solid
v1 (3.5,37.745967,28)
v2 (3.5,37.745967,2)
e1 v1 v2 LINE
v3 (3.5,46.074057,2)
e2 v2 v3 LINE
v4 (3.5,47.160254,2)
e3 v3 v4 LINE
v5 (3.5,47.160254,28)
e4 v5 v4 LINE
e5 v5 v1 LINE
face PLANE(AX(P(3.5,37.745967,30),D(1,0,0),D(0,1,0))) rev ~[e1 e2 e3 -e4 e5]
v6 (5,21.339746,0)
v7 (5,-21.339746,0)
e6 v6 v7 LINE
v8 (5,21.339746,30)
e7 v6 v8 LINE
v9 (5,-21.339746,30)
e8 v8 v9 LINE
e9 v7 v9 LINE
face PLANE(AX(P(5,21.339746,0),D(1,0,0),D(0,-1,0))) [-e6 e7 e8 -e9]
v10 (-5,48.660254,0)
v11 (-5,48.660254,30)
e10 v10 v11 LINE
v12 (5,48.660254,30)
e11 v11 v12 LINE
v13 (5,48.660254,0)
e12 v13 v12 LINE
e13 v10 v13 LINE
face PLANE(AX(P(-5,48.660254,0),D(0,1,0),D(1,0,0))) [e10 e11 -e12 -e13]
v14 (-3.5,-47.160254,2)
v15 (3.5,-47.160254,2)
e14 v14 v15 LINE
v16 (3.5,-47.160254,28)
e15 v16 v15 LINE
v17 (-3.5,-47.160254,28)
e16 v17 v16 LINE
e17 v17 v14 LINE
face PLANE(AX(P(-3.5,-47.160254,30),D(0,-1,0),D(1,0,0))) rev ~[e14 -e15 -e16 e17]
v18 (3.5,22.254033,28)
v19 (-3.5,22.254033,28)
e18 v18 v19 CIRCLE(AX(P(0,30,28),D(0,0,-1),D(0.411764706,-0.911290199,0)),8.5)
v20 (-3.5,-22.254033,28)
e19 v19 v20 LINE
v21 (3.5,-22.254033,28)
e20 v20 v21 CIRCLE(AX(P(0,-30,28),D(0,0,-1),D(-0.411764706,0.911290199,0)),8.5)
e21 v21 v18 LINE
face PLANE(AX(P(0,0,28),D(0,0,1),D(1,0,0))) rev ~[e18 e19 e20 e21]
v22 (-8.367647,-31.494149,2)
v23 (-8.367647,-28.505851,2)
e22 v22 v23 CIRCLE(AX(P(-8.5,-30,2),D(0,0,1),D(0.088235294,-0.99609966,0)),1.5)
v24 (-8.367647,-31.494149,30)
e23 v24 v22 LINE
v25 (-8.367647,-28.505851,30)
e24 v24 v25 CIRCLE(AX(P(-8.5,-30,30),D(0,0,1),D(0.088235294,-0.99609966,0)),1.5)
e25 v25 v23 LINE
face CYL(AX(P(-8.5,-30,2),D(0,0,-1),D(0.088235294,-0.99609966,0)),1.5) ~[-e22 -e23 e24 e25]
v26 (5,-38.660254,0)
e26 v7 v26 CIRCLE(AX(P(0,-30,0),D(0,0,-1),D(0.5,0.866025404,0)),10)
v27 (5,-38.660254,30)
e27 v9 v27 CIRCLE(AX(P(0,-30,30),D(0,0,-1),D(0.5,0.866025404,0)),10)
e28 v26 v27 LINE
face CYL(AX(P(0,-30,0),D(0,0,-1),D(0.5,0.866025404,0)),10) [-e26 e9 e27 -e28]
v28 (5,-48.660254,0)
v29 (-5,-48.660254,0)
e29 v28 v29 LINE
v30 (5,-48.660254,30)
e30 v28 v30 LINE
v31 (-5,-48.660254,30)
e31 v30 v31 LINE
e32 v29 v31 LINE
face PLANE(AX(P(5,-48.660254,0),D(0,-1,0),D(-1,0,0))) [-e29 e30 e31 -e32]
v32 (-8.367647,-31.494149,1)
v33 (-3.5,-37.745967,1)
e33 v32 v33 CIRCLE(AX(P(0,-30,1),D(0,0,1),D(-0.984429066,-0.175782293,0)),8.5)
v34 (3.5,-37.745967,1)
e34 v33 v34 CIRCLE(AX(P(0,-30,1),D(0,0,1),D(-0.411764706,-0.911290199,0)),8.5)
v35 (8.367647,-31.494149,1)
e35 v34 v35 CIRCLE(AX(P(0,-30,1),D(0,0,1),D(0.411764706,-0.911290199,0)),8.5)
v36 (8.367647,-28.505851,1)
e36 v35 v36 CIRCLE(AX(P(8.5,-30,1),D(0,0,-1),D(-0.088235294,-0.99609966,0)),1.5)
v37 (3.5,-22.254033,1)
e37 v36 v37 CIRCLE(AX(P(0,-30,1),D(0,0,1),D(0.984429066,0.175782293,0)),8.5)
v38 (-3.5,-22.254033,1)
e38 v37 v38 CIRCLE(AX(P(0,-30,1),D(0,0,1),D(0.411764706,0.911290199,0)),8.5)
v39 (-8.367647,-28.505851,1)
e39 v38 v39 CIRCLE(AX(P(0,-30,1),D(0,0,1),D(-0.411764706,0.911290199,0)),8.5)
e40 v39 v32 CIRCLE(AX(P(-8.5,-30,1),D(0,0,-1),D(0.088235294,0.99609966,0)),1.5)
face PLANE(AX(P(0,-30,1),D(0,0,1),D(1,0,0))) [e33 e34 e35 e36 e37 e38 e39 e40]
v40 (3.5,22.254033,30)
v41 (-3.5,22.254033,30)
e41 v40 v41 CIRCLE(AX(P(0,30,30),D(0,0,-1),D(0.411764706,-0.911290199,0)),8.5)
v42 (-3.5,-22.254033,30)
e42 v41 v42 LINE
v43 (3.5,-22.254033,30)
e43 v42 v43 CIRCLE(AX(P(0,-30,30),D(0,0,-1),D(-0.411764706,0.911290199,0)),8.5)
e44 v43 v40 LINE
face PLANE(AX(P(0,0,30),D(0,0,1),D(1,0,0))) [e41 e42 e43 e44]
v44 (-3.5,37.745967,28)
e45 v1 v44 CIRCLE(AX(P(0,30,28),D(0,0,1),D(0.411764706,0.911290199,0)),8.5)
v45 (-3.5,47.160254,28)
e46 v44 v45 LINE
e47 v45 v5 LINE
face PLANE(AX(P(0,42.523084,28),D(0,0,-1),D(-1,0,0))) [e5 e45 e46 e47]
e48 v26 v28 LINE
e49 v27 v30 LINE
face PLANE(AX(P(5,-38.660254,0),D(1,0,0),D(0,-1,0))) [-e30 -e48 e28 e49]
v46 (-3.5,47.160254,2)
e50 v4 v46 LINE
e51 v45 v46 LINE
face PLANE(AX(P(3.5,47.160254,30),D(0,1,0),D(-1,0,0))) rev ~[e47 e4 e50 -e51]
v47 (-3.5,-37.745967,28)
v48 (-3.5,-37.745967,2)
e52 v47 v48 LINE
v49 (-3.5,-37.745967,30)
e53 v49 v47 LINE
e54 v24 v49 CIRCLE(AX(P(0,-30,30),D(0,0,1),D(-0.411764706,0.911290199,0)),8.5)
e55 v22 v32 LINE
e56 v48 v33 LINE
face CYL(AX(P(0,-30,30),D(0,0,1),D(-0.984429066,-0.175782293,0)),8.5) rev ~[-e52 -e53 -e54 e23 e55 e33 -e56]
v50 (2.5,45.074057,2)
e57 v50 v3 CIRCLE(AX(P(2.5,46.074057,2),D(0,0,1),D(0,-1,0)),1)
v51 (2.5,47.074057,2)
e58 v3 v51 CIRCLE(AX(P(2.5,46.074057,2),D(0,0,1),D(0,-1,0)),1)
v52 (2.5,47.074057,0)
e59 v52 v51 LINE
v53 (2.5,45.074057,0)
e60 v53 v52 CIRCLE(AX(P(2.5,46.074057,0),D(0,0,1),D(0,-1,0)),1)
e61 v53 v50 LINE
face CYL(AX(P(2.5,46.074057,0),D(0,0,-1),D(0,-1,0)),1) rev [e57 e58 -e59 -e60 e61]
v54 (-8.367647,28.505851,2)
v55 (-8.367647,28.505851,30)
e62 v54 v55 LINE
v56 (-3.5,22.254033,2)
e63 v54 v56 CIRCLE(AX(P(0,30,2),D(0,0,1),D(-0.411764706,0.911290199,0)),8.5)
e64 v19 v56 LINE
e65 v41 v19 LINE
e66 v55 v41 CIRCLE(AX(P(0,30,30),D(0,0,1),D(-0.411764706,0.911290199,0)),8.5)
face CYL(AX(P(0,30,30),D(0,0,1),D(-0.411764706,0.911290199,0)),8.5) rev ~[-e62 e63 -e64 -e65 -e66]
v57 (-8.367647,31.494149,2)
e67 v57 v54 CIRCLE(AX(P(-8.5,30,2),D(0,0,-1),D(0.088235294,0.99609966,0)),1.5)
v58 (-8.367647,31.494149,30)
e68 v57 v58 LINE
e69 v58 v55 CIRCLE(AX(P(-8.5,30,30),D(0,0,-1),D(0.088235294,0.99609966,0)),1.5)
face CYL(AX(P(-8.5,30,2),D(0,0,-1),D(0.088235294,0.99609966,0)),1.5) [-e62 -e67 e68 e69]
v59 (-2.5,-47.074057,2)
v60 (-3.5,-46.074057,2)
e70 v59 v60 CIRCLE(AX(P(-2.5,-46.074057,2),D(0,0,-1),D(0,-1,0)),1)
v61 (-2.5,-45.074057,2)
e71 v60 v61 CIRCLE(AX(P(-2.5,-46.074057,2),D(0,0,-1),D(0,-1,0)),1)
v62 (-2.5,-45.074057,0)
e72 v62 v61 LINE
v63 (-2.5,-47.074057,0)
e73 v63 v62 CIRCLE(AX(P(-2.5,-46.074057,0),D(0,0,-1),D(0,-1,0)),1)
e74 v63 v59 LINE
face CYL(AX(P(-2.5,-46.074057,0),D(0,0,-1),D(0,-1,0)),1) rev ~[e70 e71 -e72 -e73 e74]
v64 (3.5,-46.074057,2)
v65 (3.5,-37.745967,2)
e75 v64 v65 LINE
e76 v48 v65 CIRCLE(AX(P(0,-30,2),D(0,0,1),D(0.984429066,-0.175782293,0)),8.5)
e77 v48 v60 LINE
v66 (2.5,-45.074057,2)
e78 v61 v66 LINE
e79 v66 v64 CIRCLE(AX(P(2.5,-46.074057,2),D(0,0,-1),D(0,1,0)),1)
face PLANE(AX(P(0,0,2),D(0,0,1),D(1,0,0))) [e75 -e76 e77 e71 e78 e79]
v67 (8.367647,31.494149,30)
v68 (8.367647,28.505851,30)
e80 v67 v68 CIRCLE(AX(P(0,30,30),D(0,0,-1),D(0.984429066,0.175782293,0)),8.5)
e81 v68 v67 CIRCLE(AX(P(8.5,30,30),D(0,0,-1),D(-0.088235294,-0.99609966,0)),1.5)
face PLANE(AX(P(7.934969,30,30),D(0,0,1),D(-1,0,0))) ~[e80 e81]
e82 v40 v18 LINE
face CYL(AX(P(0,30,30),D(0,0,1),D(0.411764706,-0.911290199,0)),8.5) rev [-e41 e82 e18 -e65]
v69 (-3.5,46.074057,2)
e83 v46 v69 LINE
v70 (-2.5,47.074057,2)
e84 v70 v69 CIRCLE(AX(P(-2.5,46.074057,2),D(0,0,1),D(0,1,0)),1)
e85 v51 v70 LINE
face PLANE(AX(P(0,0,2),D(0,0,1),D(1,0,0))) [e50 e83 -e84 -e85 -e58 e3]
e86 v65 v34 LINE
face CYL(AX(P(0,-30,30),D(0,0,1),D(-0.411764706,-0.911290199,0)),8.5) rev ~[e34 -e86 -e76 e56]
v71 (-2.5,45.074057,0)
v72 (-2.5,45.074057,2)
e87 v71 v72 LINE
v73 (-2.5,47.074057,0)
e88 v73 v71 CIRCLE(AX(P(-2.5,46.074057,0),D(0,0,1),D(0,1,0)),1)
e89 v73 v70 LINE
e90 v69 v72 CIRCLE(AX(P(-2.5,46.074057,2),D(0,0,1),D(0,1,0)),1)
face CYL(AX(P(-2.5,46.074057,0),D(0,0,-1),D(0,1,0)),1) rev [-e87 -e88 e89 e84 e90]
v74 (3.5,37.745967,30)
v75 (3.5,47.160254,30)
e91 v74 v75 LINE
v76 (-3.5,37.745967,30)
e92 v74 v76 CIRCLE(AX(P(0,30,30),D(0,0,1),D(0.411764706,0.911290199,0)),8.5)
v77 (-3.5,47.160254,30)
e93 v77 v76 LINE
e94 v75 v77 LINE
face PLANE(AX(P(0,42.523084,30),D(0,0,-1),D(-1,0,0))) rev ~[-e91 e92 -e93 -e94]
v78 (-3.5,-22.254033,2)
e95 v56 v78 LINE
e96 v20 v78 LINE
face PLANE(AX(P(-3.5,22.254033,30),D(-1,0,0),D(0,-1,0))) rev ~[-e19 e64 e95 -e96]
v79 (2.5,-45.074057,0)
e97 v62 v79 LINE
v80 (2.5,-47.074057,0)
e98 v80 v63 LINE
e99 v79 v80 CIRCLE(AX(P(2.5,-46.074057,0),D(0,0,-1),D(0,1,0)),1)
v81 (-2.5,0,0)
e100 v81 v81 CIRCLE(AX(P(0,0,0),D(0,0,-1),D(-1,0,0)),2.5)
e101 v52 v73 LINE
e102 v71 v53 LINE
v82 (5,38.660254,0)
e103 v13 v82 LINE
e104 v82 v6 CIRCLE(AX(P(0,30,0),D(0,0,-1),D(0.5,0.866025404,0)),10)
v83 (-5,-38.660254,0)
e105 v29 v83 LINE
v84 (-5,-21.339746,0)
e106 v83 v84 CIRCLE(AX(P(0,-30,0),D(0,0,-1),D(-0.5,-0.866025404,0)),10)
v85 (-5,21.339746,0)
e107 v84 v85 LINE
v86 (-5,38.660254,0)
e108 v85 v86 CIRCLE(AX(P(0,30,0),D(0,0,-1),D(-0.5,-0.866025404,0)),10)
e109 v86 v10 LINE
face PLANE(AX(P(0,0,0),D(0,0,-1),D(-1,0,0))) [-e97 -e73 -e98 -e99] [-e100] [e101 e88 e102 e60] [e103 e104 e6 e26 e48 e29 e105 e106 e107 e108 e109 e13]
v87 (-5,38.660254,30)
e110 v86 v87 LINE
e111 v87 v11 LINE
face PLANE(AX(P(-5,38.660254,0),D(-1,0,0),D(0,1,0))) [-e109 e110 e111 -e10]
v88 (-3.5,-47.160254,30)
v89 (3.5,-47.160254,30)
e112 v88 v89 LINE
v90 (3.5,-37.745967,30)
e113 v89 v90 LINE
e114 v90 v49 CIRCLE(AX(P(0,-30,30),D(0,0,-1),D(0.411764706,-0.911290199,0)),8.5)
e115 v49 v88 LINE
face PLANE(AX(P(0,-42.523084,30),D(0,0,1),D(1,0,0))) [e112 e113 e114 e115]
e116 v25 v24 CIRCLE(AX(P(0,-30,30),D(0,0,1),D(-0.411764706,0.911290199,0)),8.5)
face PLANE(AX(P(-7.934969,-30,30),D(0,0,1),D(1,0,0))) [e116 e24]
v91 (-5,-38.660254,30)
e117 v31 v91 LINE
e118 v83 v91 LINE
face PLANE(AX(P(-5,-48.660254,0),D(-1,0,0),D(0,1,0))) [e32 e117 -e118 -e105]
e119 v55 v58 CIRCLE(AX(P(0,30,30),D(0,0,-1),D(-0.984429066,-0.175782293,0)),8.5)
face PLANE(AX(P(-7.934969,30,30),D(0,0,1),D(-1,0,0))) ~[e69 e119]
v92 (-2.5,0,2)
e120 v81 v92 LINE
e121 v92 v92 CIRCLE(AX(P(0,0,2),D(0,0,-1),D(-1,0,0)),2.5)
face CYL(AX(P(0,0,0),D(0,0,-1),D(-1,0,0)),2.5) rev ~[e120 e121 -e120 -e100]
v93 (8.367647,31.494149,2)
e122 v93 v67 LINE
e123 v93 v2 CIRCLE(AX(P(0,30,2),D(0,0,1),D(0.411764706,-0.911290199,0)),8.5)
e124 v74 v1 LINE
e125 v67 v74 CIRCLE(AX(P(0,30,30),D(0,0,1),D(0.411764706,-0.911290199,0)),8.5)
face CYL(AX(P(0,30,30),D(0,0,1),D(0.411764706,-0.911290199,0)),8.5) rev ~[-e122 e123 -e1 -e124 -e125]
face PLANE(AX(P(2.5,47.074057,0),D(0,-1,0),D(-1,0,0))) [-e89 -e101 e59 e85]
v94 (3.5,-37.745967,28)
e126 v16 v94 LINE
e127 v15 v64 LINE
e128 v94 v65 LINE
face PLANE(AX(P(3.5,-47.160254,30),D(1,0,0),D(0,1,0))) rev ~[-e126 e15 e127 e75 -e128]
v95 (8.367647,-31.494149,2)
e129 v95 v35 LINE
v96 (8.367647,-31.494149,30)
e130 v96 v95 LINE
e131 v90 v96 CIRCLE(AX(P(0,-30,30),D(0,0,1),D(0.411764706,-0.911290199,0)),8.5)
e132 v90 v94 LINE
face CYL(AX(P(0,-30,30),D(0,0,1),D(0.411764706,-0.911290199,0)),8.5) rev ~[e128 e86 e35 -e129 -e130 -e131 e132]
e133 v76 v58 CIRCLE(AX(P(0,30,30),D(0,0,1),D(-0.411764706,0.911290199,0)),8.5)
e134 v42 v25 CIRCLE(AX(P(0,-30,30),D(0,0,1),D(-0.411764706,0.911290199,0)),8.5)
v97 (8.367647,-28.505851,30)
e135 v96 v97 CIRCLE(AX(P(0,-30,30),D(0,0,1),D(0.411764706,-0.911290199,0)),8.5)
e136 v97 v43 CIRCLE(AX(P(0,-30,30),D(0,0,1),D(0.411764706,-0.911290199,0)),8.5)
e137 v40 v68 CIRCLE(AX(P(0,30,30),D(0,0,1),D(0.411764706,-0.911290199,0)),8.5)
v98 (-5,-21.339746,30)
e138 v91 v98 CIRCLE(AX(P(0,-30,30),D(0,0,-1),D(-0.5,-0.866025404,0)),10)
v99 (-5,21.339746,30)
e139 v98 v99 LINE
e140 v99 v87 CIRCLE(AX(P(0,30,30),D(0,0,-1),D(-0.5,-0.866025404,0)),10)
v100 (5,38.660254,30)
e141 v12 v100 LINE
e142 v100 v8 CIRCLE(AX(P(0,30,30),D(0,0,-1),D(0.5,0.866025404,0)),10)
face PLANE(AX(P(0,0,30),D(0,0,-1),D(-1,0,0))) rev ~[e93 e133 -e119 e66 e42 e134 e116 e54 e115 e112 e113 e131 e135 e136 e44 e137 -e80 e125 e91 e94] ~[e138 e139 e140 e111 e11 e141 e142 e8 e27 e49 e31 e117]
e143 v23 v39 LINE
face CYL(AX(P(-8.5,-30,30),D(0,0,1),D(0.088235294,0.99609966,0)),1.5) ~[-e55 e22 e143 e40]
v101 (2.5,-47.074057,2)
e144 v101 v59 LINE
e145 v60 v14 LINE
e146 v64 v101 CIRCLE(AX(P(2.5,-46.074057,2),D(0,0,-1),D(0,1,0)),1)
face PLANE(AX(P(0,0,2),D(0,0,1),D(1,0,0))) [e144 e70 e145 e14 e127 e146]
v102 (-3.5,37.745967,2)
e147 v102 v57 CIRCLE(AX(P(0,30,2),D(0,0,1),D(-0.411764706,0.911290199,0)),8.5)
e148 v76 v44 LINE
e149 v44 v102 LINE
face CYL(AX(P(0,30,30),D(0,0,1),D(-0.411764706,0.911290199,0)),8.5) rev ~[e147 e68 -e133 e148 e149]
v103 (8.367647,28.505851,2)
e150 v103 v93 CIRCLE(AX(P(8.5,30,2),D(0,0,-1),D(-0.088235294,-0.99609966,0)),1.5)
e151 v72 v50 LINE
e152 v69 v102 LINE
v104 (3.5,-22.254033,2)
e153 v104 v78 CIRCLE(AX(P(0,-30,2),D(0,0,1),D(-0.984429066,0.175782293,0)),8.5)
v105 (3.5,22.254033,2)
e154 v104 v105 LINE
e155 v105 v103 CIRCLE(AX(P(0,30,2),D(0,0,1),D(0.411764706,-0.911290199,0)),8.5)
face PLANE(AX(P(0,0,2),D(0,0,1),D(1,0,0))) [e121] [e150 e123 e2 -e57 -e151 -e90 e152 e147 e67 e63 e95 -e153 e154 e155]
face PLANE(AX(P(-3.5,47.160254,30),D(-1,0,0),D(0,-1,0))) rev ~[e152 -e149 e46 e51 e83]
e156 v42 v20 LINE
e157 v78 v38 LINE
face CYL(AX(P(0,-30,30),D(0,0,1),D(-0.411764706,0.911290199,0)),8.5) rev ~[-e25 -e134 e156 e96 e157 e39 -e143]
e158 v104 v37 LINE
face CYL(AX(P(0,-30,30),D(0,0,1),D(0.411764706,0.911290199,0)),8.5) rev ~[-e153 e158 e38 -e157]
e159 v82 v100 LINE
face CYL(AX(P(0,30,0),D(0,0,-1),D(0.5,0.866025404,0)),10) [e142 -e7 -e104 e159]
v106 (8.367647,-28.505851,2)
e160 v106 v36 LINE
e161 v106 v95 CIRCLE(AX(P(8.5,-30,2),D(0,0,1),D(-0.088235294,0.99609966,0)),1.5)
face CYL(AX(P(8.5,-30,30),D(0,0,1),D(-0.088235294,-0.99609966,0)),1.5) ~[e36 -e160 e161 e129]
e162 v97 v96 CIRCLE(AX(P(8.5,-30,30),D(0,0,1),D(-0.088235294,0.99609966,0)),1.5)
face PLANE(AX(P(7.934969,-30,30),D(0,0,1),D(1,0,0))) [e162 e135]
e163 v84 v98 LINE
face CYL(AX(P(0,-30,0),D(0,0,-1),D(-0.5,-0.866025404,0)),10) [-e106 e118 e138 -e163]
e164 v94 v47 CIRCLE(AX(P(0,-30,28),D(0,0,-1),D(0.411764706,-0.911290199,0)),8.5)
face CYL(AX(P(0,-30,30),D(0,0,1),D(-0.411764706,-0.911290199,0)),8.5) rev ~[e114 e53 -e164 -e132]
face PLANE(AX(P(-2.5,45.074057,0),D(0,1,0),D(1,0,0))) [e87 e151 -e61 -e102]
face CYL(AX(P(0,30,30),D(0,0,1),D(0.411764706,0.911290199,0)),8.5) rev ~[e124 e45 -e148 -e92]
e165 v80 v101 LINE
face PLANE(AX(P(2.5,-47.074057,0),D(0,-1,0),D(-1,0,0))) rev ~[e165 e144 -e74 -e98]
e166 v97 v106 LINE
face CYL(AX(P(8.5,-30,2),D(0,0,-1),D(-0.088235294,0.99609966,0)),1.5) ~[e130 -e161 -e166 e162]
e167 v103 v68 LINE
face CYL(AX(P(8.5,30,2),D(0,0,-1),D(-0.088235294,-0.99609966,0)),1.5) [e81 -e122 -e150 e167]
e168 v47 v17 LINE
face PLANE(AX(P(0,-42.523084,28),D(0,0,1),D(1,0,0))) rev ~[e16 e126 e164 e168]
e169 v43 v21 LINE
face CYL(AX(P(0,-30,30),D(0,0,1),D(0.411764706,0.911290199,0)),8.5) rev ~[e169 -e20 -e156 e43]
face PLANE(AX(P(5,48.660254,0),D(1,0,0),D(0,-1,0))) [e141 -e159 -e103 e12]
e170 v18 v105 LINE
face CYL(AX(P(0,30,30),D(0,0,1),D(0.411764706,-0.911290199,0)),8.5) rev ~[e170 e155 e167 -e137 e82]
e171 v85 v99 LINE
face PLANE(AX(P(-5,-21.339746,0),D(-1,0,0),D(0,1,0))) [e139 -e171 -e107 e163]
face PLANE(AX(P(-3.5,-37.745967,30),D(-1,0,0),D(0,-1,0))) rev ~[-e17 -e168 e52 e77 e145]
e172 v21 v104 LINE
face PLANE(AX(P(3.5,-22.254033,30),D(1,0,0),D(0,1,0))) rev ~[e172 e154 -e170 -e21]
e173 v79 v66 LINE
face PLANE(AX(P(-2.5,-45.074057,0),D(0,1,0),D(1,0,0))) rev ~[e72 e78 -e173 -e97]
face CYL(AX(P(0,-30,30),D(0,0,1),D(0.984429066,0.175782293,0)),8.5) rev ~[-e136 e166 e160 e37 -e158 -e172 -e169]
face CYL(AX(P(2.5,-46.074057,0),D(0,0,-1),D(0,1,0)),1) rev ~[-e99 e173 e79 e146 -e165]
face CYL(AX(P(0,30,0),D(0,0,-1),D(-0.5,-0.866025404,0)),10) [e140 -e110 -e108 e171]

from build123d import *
from build123d.topology import SkipClean

# Parameters (mm, degrees)
BOSS_EXTRU_1_DEPTH      = 30
ENL_V_MAT_EXTRU_1_DEPTH = 28
BOSS_EXTRU_2_DEPTH      = 2
ESQUISSE5_R             = 2.5
ENL_V_MAT_EXTRU_2_DEPTH = 2
BOSS_EXTRU_3_DEPTH      = 29
ENL_V_MAT_EXTRU_4_DEPTH = 29
BOSS_EXTRU_4_DEPTH      = 28


with BuildPart() as part:
    # Esquisse1 → Boss.-Extru.1 (new body)
    with BuildSketch(Plane.XY):
        with BuildLine():
            Line((-5, -21.339745962), (-5, 21.339745962))
            ThreePointArc((-5, 21.339745962), (-10, 30), (-5, 38.660254038))
            Line((-5, 38.660254038), (-5, 48.660254038))
            Line((-5, 48.660254038), (5, 48.660254038))
            Line((5, 48.660254038), (5, 38.660254038))
            ThreePointArc((5, 38.660254038), (10, 30), (5, 21.339745962))
            Line((5, 21.339745962), (5, -21.339745962))
            ThreePointArc((5, -21.339745962), (10, -30), (5, -38.660254038))
            Line((5, -38.660254038), (5, -48.660254038))
            Line((5, -48.660254038), (-5, -48.660254038))
            Line((-5, -48.660254038), (-5, -38.660254038))
            ThreePointArc((-5, -38.660254038), (-10, -30), (-5, -21.339745962))
        make_face()
    extrude(amount=BOSS_EXTRU_1_DEPTH)

    # Esquisse2 → Enl_v. mat.-Extru.1 (cut)
    with BuildSketch(Plane.XY.offset(30)):
        with BuildLine():
            Line((-3.5, 22.254033308), (-3.5, -22.254033308))
            ThreePointArc((-3.5, -22.254033308), (-8.5, -30), (-3.5, -37.745966692))
            Line((-3.5, -37.745966692), (-3.5, -47.160254038))
            Line((-3.5, -47.160254038), (3.5, -47.160254038))
            Line((3.5, -47.160254038), (3.5, -37.745966692))
            ThreePointArc((3.5, -37.745966692), (8.5, -30), (3.5, -22.254033308))
            Line((3.5, -22.254033308), (3.5, 22.254033308))
            ThreePointArc((3.5, 22.254033308), (8.5, 30), (3.5, 37.745966692))
            Line((3.5, 37.745966692), (3.5, 47.160254038))
            Line((3.5, 47.160254038), (-3.5, 47.160254038))
            Line((-3.5, 47.160254038), (-3.5, 37.745966692))
            ThreePointArc((-3.5, 37.745966692), (-8.5, 30), (-3.5, 22.254033308))
        make_face()
    extrude(amount=-ENL_V_MAT_EXTRU_1_DEPTH, mode=Mode.SUBTRACT)

    # Esquisse3 → Boss.-Extru.2 (add)
    with SkipClean():  # keep this step's faces unmerged: merging them makes the solid invalid here
        with BuildSketch(Plane.XY.offset(30)):
            with BuildLine():
                Line((-3.5, 37.745966692), (-3.5, 47.160254038))
                Line((-3.5, 47.160254038), (3.5, 47.160254038))
                Line((3.5, 47.160254038), (3.5, 37.745966692))
                ThreePointArc((3.5, 37.745966692), (0, 38.5), (-3.5, 37.745966692))
            make_face()
            with BuildLine():
                Line((-3.5, -37.745966692), (-3.5, -47.160254038))
                Line((-3.5, -47.160254038), (3.5, -47.160254038))
                Line((3.5, -47.160254038), (3.5, -37.745966692))
                ThreePointArc((3.5, -37.745966692), (0, -38.5), (-3.5, -37.745966692))
            make_face()
            with BuildLine():
                Line((3.5, -22.254033308), (3.5, 22.254033308))
                ThreePointArc((3.5, 22.254033308), (0, 21.5), (-3.5, 22.254033308))
                Line((-3.5, 22.254033308), (-3.5, -22.254033308))
                ThreePointArc((-3.5, -22.254033308), (0, -21.5), (3.5, -22.254033308))
            make_face()
        extrude(amount=-BOSS_EXTRU_2_DEPTH)

    # Esquisse5 → Enl_v. mat.-Extru.2 (cut)
    with SkipClean():  # keep this step's faces unmerged: merging them makes the solid invalid here
        with BuildSketch(Plane(origin=(0, 0, 0), x_dir=(-1, 0, 0), z_dir=(0, 0, -1))):
            Circle(ESQUISSE5_R)
            with BuildLine():
                Line((2.5, 45.074057395), (-2.5, 45.074057395))
                ThreePointArc((-2.5, 45.074057395), (-3.5, 46.074057395), (-2.5, 47.074057395))
                Line((-2.5, 47.074057395), (2.5, 47.074057395))
                ThreePointArc((2.5, 47.074057395), (3.5, 46.074057395), (2.5, 45.074057395))
            make_face()
            with BuildLine():
                Line((2.5, -45.074057395), (-2.5, -45.074057395))
                ThreePointArc((-2.5, -45.074057395), (-3.5, -46.074057395), (-2.5, -47.074057395))
                Line((-2.5, -47.074057395), (2.5, -47.074057395))
                ThreePointArc((2.5, -47.074057395), (3.5, -46.074057395), (2.5, -45.074057395))
            make_face()
        extrude(amount=-ENL_V_MAT_EXTRU_2_DEPTH, mode=Mode.SUBTRACT)

    # Esquisse8 → Boss.-Extru.3 (add)
    with SkipClean():  # keep this step's faces unmerged: merging them makes the solid invalid here
        with BuildSketch(Plane.XY.offset(30)):
            with BuildLine():
                ThreePointArc((8.367647059, -28.50585051), (7, -30), (8.367647059, -31.49414949))
                ThreePointArc((8.367647059, -31.49414949), (0, -38.5), (-8.367647059, -31.49414949))
                ThreePointArc((-8.367647059, -31.49414949), (-7, -30), (-8.367647059, -28.50585051))
                ThreePointArc((-8.367647059, -28.50585051), (0, -21.5), (8.367647059, -28.50585051))
            make_face()
        extrude(amount=-BOSS_EXTRU_3_DEPTH)

    # Esquisse8_15 → Enl_v. mat.-Extru.4 (cut)
    with SkipClean():  # keep this step's faces unmerged: merging them makes the solid invalid here
        with BuildSketch(Plane.XY.offset(30)):
            with BuildLine():
                ThreePointArc((-3.5, -37.745966692), (0, -38.5), (3.5, -37.745966692))
                ThreePointArc((3.5, -37.745966692), (6.706829822, -35.221918588), (8.367647059, -31.49414949))
                ThreePointArc((8.367647059, -31.49414949), (7, -30), (8.367647059, -28.50585051))
                ThreePointArc((8.367647059, -28.50585051), (6.706829822, -24.778081412), (3.5, -22.254033308))
                ThreePointArc((3.5, -22.254033308), (0, -21.5), (-3.5, -22.254033308))
                ThreePointArc((-3.5, -22.254033308), (-6.706829822, -24.778081412), (-8.367647059, -28.50585051))
                ThreePointArc((-8.367647059, -28.50585051), (-7, -30), (-8.367647059, -31.49414949))
                ThreePointArc((-8.367647059, -31.49414949), (-6.706829822, -35.221918588), (-3.5, -37.745966692))
            make_face()
        extrude(amount=-ENL_V_MAT_EXTRU_4_DEPTH, mode=Mode.SUBTRACT)

    # Esquisse12 → Boss.-Extru.4 (add)
    with SkipClean():  # keep this step's faces unmerged: merging them makes the solid invalid here
        with BuildSketch(Plane.XY.offset(2)):
            with BuildLine():
                ThreePointArc((8.367647059, -31.49414949), (8.5, -30), (8.367647059, -28.50585051))
                ThreePointArc((8.367647059, -28.50585051), (7, -30), (8.367647059, -31.49414949))
            make_face()
            with BuildLine():
                ThreePointArc((-8.367647059, -31.49414949), (-7, -30), (-8.367647059, -28.50585051))
                ThreePointArc((-8.367647059, -28.50585051), (-8.5, -30), (-8.367647059, -31.49414949))
            make_face()
        boss_extru_4 = extrude(amount=BOSS_EXTRU_4_DEPTH)

    # Sym_trie1: Boss.-Extru.4 across plane
    with SkipClean():  # keep this step's faces unmerged: merging them makes the solid invalid here
        add(boss_extru_4.mirror(Plane.ZX))


solid = part.part
